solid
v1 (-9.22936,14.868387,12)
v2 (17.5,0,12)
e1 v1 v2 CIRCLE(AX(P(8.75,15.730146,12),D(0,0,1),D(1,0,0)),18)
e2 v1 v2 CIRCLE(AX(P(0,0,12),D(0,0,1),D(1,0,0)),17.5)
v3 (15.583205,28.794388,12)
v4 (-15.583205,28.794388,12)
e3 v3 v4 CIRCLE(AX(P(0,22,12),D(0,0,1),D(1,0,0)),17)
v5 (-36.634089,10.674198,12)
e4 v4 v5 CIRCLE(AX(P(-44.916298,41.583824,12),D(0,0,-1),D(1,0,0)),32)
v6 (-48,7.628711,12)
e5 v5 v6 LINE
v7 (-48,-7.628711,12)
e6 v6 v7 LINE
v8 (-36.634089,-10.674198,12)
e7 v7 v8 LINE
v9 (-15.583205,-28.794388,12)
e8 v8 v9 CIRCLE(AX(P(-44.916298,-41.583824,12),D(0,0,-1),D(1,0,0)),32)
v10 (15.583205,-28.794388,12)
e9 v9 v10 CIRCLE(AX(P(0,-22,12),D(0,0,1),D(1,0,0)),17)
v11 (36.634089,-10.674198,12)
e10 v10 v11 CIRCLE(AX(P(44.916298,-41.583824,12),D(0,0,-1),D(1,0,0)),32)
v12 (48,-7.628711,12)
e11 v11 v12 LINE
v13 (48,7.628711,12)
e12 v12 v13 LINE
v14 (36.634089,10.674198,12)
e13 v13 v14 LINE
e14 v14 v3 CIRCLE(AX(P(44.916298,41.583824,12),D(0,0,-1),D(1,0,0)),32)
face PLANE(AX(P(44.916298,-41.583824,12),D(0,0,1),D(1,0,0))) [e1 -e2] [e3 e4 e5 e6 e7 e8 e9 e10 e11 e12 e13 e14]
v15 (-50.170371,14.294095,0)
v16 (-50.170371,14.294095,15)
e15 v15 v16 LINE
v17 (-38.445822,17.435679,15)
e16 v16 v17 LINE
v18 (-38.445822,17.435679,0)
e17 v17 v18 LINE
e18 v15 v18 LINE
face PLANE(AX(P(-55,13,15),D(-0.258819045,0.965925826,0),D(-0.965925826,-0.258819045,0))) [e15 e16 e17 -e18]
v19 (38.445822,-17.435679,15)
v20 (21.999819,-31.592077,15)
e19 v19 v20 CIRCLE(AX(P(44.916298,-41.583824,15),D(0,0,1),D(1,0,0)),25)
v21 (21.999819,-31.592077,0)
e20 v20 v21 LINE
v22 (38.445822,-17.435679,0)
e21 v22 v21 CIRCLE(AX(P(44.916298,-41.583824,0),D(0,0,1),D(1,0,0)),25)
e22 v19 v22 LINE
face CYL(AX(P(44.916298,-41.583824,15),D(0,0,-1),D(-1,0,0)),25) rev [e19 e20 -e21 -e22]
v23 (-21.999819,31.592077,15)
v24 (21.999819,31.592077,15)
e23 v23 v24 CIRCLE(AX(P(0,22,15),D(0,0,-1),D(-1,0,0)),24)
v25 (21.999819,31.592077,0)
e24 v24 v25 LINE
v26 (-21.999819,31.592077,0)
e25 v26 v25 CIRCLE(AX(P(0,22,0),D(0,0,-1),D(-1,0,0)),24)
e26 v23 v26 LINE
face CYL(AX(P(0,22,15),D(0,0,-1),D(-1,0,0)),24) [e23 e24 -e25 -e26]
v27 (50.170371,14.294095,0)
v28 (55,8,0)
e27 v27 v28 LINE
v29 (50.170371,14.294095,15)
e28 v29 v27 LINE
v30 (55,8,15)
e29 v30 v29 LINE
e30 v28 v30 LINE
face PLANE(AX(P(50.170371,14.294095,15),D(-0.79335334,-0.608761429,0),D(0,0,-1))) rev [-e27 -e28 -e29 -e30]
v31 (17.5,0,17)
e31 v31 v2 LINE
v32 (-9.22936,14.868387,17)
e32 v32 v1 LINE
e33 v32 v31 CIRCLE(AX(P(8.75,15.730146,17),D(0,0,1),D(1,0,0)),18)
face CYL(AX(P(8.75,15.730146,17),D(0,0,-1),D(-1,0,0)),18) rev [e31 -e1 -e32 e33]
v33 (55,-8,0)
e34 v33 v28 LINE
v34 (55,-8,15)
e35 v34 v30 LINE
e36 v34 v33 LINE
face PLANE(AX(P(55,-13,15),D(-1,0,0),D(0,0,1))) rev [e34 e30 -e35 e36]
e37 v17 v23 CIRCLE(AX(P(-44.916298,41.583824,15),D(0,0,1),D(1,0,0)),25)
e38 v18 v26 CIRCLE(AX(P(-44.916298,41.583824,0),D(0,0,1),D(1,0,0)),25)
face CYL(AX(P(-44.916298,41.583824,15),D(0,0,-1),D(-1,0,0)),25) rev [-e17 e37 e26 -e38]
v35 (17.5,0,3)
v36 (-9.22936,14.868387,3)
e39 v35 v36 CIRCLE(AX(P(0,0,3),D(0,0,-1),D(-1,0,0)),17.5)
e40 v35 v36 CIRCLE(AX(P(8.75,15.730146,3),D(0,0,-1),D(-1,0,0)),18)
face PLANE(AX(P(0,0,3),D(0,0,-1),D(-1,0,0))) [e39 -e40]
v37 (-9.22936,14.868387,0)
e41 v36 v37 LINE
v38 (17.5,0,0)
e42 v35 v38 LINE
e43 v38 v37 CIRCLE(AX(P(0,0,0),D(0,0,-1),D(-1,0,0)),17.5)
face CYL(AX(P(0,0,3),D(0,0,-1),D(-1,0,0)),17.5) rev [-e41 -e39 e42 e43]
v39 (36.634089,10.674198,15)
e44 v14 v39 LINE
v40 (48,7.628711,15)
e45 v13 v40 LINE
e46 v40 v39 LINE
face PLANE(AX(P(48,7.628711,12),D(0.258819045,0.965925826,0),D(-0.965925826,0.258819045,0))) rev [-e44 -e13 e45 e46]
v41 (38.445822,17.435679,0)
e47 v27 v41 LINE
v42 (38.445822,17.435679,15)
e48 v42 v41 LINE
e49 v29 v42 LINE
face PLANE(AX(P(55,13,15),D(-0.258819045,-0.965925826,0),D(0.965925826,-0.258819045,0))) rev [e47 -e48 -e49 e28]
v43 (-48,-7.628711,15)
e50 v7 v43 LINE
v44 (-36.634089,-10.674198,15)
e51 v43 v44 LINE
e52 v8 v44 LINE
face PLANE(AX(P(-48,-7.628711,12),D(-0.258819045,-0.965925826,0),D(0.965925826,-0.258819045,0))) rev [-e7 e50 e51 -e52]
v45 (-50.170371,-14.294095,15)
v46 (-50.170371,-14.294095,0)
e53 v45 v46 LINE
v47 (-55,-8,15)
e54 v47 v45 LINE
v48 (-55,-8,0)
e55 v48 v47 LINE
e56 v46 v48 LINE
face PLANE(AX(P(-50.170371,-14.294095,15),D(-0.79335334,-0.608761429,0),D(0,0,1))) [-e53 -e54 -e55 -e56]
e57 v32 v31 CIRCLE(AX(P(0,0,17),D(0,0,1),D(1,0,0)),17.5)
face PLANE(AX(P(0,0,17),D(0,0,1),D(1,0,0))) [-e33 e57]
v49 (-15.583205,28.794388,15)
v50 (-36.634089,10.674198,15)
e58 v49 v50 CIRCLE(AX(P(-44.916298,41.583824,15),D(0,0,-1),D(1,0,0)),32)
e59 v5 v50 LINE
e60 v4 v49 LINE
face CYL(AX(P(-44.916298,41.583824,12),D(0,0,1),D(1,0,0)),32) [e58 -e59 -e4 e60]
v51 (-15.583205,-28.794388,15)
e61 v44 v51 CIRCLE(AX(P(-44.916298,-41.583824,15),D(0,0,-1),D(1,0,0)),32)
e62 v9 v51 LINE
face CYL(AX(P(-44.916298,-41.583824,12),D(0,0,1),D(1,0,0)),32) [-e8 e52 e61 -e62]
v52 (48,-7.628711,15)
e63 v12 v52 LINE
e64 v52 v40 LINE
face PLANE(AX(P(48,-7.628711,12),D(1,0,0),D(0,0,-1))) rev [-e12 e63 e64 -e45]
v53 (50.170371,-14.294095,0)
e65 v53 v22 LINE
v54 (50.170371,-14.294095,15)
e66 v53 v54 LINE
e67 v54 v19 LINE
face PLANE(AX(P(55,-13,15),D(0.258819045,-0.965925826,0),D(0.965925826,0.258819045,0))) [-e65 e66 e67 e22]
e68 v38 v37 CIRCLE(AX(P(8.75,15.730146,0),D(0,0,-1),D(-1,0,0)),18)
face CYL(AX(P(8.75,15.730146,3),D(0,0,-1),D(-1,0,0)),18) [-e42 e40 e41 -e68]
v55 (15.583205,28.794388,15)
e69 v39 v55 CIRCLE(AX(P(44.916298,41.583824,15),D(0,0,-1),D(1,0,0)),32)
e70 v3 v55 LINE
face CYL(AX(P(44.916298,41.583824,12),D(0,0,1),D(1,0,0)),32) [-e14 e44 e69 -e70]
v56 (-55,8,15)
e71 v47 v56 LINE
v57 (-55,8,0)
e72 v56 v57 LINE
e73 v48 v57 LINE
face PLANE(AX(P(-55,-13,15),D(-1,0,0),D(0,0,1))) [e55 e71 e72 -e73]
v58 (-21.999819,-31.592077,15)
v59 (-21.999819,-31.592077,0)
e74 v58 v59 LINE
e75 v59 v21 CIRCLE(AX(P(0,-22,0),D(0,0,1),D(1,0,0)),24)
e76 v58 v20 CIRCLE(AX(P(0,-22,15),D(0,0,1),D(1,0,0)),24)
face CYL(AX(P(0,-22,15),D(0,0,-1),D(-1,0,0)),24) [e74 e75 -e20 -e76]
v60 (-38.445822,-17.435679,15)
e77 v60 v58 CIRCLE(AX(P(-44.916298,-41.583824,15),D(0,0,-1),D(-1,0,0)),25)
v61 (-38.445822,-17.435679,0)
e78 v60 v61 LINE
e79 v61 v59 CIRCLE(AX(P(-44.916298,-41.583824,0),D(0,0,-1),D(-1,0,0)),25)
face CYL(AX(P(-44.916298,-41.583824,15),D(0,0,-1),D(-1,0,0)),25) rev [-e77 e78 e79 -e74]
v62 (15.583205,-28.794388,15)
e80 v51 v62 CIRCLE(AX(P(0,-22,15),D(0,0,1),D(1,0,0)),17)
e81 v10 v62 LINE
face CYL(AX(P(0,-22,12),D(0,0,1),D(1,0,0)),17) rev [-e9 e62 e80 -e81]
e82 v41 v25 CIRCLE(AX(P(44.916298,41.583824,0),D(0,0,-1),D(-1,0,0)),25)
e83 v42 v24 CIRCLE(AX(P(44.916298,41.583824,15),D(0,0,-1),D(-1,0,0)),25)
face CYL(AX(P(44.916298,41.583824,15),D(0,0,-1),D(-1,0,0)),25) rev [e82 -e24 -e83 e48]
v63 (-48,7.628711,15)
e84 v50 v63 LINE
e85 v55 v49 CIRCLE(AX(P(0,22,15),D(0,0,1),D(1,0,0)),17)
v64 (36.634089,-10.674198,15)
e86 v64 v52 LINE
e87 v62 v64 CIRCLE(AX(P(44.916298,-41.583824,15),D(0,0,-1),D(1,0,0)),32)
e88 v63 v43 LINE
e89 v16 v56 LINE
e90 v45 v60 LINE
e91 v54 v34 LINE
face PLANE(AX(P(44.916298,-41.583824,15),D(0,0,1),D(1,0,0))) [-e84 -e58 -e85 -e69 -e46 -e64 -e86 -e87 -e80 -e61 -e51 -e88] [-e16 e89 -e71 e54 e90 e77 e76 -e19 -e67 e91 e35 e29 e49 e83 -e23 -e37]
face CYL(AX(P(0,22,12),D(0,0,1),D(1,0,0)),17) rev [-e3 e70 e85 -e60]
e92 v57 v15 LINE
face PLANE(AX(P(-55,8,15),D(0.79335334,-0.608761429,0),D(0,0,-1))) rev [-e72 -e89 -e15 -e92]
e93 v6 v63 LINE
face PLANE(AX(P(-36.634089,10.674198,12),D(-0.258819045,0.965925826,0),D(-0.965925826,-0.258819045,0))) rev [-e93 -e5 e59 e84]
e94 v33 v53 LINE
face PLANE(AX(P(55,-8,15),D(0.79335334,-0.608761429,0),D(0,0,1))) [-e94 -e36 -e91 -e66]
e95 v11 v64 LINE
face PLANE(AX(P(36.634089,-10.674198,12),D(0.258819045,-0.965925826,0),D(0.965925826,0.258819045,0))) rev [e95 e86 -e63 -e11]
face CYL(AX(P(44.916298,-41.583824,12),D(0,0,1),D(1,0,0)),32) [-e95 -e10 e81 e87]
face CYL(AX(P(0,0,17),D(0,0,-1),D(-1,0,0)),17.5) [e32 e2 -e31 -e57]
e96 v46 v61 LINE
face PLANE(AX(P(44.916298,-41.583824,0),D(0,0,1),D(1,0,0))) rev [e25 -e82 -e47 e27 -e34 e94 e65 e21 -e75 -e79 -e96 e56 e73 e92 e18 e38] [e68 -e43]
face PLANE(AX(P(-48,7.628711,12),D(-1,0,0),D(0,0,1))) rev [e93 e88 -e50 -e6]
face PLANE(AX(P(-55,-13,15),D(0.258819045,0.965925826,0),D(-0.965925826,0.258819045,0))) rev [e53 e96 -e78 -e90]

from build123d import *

# Parameters (mm, degrees)
BOSS_EXTRUDE1_DEPTH = 15
CUT_EXTRUDE1_DEPTH  = 3
BOSS_EXTRUDE2_DEPTH = 5
CUT_EXTRUDE2_DEPTH  = 3
CHAMFER1_SIZE       = 5


with BuildPart() as part:
    # Sketch1 → Boss-Extrude1 (new body)
    with BuildSketch(Plane.XY):
        with BuildLine():
            Line((-55, -13), (-55, 13))
            Line((-55, 13), (-38.445821861, 17.435678664))
            ThreePointArc((-38.445821861, 17.435678664), (-28.606816649, 22.636507401), (-21.999819423, 31.592077218))
            ThreePointArc((-21.999819423, 31.592077218), (0, 46), (21.999819423, 31.592077218))
            ThreePointArc((21.999819423, 31.592077218), (28.606816649, 22.636507401), (38.445821861, 17.435678664))
            Line((38.445821861, 17.435678664), (55, 13))
            Line((55, 13), (55, -13))
            Line((55, -13), (38.445821861, -17.435678664))
            ThreePointArc((38.445821861, -17.435678664), (28.606816649, -22.636507401), (21.999819423, -31.592077218))
            ThreePointArc((21.999819423, -31.592077218), (0, -46), (-21.999819423, -31.592077218))
            ThreePointArc((-21.999819423, -31.592077218), (-28.606816649, -22.636507401), (-38.445821861, -17.435678664))
            Line((-38.445821861, -17.435678664), (-55, -13))
        make_face()
    extrude(amount=BOSS_EXTRUDE1_DEPTH)

    # Sketch2 → Cut-Extrude1 (cut)
    with BuildSketch(Plane.XY.offset(15)):
        with BuildLine():
            Line((36.634088545, -10.67419788), (48, -7.628711084))
            Line((48, -7.628711084), (48, 7.628711084))
            Line((48, 7.628711084), (36.634088545, 10.67419788))
            ThreePointArc((36.634088545, 10.67419788), (24.040161874, 17.331258664), (15.583205424, 28.79438803))
            ThreePointArc((15.583205424, 28.79438803), (0, 39), (-15.583205424, 28.79438803))
            ThreePointArc((-15.583205424, 28.79438803), (-24.040161874, 17.331258664), (-36.634088545, 10.67419788))
            Line((-36.634088545, 10.67419788), (-48, 7.628711084))
            Line((-48, 7.628711084), (-48, -7.628711084))
            Line((-48, -7.628711084), (-36.634088545, -10.67419788))
            ThreePointArc((-36.634088545, -10.67419788), (-24.040161874, -17.331258664), (-15.583205424, -28.79438803))
            ThreePointArc((-15.583205424, -28.79438803), (0, -39), (15.583205424, -28.79438803))
            ThreePointArc((15.583205424, -28.79438803), (24.040161874, -17.331258664), (36.634088545, -10.67419788))
        make_face()
    extrude(amount=-CUT_EXTRUDE1_DEPTH, mode=Mode.SUBTRACT)

    # Sketch3 → Boss-Extrude2 (add)
    with BuildSketch(Plane.XY.offset(12)):
        with BuildLine():
            ThreePointArc((-9.229359568, 14.868386663), (-8.506944444, -15.293197711), (17.5, 0))
            ThreePointArc((17.5, 0), (0, 0), (-9.229359568, 14.868386663))
        make_face()
    extrude(amount=BOSS_EXTRUDE2_DEPTH)

    # Sketch4 → Cut-Extrude2 (cut)
    with BuildSketch(Plane(origin=(0, 0, 0), x_dir=(-1, 0, 0), z_dir=(0, 0, -1))):
        with BuildLine():
            ThreePointArc((-17.5, 0), (0, -17.5), (17.5, 0))
            ThreePointArc((17.5, 0), (15.293197711, 8.506944444), (9.229359568, 14.868386663))
            ThreePointArc((9.229359568, 14.868386663), (0, 0), (-17.5, 0))
        make_face()
    extrude(amount=-CUT_EXTRUDE2_DEPTH, mode=Mode.SUBTRACT)

    # Chamfer1
    chamfer1_edges = [part.edges().sort_by_distance(p)[0] for p in [
        (55, -13, 7.5),
        (55, 13, 7.5),
        (-55, 13, 7.5),
        (-55, -13, 7.5),
    ]]
    chamfer(chamfer1_edges, length=CHAMFER1_SIZE)


solid = part.part
